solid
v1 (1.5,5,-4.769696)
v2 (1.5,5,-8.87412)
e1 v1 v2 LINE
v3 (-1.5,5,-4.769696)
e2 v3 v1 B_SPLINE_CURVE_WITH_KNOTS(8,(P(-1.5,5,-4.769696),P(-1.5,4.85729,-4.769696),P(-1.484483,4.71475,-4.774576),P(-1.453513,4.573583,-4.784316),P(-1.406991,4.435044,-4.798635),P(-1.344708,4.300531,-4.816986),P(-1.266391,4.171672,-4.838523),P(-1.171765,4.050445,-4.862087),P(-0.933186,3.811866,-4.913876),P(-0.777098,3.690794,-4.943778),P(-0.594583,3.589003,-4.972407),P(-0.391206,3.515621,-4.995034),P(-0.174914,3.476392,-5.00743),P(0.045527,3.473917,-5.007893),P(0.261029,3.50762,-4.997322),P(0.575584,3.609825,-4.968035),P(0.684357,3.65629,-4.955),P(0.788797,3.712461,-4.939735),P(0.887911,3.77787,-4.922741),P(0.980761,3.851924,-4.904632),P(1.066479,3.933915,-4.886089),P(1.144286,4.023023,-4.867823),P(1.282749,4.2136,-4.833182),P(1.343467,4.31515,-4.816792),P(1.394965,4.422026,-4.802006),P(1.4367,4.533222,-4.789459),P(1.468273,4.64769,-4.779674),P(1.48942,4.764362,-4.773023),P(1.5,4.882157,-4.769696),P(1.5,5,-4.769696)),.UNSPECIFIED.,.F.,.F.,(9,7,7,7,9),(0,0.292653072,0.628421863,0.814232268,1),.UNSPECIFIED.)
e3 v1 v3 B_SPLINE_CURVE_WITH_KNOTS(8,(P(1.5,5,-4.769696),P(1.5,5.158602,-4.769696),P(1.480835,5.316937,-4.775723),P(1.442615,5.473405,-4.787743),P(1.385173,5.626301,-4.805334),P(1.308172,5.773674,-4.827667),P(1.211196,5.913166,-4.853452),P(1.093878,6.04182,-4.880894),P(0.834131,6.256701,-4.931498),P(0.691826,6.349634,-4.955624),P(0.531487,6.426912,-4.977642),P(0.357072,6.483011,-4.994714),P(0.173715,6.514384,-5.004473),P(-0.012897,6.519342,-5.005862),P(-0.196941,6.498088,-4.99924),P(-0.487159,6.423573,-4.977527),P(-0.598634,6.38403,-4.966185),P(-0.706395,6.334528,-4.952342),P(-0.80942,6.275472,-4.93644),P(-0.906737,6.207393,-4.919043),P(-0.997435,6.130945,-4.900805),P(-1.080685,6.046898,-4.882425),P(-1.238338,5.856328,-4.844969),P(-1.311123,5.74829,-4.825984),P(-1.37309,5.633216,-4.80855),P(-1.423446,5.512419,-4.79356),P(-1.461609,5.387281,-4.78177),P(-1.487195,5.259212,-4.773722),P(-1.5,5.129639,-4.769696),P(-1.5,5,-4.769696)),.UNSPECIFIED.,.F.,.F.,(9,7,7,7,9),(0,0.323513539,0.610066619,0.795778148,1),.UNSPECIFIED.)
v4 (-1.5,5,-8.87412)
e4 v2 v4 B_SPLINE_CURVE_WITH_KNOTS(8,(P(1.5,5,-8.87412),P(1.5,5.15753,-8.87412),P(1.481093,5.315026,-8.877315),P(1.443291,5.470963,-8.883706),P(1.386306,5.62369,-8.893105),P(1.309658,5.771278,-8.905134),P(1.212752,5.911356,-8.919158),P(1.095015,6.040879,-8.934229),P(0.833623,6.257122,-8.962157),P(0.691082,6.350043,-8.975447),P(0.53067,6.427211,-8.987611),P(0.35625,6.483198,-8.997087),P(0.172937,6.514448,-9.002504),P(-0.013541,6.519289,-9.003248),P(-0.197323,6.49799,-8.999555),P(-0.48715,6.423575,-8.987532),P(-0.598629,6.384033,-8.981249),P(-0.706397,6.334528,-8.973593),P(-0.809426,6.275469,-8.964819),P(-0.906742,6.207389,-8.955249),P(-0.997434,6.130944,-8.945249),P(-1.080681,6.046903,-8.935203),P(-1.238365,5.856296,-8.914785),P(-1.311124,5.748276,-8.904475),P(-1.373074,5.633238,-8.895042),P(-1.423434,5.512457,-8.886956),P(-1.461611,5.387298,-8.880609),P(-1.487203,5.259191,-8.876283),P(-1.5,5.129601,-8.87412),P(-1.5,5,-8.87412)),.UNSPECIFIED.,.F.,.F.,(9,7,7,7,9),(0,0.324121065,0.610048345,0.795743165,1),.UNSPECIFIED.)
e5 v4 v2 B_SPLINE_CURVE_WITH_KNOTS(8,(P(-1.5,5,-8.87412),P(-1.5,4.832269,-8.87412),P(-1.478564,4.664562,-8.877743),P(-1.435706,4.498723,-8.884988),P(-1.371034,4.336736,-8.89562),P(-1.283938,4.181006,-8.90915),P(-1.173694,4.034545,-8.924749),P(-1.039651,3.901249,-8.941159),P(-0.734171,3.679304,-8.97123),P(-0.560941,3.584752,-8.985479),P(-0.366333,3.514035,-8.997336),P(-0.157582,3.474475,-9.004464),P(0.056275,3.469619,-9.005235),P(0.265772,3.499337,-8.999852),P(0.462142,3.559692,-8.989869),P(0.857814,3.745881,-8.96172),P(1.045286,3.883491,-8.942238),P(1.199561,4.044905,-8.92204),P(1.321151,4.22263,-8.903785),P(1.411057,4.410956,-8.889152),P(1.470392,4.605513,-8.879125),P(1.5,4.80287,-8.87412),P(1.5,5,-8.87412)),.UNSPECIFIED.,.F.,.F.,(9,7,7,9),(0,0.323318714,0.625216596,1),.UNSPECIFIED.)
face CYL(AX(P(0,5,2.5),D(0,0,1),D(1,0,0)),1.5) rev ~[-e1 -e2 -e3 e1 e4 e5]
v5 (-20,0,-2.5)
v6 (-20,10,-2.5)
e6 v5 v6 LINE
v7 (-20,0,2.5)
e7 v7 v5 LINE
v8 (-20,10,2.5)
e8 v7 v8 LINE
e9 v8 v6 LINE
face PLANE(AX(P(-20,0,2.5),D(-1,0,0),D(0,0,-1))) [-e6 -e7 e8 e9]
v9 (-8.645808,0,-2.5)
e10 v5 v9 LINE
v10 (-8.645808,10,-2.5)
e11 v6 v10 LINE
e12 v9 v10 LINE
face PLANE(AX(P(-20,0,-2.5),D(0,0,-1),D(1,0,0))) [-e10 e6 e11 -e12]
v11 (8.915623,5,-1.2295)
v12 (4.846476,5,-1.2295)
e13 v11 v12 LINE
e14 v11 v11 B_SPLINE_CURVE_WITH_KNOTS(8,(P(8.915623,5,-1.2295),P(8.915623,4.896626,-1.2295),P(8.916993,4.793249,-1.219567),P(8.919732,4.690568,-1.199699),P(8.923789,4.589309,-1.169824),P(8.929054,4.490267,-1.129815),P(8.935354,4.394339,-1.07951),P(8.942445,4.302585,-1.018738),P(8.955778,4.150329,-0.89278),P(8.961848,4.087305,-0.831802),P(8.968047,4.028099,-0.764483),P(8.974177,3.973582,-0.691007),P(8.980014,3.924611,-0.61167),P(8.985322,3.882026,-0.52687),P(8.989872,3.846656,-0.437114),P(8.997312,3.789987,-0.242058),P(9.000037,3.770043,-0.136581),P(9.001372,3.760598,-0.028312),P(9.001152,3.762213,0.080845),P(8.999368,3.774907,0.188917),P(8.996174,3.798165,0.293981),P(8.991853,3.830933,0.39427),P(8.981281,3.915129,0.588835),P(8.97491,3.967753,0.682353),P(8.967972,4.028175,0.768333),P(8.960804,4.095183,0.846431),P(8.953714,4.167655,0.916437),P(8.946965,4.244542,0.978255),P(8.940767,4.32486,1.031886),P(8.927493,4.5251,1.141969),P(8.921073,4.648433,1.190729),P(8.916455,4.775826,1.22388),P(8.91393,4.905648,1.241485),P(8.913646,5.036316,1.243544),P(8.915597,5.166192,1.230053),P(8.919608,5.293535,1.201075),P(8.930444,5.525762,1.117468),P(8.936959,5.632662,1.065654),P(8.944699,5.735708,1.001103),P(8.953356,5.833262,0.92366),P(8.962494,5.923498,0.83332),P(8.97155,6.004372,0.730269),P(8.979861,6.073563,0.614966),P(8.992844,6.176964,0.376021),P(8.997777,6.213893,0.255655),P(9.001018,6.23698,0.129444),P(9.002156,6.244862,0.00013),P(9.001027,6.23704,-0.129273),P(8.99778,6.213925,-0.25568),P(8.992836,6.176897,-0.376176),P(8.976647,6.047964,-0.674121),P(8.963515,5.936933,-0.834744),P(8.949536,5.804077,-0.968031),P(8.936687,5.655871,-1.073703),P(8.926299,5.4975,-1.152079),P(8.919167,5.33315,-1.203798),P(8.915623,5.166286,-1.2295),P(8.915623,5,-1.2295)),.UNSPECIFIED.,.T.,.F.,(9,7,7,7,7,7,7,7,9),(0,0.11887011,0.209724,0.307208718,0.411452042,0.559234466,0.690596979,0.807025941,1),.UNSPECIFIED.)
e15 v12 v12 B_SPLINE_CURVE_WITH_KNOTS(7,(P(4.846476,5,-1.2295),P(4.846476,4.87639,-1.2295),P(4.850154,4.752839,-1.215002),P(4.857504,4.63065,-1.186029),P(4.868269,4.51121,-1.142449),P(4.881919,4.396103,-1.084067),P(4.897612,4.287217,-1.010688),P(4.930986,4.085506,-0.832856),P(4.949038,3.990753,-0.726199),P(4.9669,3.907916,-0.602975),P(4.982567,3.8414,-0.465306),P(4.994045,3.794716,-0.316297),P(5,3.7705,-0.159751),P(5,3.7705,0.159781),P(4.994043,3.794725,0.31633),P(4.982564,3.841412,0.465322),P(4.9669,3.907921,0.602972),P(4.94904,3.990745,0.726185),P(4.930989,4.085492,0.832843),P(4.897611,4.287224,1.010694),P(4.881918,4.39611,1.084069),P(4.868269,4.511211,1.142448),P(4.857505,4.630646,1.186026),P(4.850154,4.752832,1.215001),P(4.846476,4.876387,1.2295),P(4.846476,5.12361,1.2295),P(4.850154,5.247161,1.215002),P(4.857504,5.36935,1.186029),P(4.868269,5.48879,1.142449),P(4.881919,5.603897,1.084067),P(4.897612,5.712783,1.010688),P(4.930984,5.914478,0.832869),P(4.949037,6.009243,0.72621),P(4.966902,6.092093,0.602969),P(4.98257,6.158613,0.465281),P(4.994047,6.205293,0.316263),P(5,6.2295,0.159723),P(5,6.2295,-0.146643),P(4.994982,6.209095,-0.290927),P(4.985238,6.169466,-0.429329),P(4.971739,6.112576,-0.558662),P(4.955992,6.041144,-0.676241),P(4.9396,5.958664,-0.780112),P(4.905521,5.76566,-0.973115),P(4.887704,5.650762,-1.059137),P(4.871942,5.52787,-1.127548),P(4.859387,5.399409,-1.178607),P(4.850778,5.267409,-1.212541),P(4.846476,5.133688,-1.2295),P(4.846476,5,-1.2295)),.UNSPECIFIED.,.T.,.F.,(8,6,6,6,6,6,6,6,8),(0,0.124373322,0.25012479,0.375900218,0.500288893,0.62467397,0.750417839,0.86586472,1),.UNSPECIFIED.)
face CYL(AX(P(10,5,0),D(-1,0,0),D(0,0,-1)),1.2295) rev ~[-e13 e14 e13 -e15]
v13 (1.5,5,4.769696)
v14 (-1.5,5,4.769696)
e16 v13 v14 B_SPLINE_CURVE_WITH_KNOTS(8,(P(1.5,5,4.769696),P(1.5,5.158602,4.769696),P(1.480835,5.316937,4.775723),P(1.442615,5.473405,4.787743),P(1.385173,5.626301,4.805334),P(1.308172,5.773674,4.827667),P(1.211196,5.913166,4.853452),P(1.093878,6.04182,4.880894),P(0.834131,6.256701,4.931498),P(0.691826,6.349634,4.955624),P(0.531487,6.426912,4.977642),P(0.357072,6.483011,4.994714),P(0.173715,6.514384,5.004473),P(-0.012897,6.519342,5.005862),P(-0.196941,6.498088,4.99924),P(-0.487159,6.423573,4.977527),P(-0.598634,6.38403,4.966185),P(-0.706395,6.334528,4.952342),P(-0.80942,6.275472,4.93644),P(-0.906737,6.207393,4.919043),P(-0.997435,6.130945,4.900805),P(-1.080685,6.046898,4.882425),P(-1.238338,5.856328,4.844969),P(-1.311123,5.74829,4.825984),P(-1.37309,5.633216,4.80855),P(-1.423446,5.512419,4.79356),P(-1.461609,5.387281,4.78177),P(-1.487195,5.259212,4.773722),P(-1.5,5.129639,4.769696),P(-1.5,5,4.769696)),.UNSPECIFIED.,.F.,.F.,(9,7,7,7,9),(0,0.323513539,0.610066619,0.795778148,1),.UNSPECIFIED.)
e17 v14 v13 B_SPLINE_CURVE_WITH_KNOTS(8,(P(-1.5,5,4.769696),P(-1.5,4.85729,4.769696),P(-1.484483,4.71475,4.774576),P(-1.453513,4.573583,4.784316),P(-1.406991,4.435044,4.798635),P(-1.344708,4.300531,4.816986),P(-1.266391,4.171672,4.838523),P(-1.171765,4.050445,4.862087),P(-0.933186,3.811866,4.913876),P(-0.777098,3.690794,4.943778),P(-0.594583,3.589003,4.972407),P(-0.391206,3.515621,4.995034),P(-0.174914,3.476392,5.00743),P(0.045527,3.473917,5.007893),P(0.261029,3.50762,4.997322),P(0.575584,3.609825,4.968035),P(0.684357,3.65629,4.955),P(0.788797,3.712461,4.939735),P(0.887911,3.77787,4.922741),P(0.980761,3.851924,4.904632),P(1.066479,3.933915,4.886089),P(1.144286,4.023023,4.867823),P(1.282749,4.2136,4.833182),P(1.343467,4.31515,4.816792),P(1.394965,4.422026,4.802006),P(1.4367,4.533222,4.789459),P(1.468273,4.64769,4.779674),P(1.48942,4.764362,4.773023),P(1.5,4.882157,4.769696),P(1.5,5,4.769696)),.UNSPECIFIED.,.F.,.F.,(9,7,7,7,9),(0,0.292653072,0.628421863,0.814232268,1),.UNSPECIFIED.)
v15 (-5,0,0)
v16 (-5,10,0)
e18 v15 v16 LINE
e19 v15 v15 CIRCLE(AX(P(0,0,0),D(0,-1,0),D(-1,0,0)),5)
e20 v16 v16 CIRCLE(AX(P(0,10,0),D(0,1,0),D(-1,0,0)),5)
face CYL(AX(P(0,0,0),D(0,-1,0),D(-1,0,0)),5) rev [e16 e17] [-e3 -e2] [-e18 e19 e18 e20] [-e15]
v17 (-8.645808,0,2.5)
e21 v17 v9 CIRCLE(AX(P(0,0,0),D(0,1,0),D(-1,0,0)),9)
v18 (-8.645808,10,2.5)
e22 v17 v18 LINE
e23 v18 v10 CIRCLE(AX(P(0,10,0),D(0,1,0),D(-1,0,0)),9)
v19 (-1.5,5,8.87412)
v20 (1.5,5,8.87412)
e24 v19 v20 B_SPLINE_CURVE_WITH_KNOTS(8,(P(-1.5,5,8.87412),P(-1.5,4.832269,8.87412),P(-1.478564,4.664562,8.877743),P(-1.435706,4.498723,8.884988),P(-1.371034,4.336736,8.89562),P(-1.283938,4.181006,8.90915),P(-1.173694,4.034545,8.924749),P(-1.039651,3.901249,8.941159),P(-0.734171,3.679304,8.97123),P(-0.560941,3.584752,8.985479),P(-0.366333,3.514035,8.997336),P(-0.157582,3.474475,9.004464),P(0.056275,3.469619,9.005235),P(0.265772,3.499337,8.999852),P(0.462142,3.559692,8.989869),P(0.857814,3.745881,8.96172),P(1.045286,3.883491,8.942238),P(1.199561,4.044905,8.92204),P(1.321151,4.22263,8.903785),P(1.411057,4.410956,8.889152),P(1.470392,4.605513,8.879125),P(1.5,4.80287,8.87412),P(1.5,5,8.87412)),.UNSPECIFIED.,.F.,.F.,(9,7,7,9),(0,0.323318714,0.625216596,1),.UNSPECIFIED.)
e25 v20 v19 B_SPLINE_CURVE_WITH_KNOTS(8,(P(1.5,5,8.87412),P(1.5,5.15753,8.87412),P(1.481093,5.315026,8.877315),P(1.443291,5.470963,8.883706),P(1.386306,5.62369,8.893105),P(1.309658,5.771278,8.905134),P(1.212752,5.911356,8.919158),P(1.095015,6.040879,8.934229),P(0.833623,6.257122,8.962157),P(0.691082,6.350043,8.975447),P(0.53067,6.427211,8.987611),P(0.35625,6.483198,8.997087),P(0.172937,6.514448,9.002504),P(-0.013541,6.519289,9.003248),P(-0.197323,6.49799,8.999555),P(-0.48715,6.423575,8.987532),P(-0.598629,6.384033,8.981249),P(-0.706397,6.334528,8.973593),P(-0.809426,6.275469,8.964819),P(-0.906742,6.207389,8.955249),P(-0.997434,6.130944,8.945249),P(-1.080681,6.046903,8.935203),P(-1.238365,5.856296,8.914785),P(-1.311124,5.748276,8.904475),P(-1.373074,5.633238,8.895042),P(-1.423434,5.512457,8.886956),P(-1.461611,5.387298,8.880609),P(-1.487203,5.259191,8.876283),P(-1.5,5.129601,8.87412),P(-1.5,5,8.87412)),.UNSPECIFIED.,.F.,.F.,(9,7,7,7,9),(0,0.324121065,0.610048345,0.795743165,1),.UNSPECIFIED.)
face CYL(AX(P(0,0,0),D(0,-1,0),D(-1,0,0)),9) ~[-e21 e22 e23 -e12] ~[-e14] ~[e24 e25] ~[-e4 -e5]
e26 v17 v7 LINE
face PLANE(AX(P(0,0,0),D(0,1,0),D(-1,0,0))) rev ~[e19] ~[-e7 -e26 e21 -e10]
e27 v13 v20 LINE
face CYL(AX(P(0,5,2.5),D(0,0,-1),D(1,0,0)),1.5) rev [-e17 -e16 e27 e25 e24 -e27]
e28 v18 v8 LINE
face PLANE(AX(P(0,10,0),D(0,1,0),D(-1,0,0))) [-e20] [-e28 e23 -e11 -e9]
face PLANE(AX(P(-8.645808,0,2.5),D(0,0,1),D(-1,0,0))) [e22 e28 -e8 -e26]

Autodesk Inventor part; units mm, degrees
ref_plane "YZ Plane" through (0, 0, 0) normal (1, 0, 0) x (0, 1, 0)
ref_plane "XZ Plane" through (0, 0, 0) normal (0, 1, 0) x (-1, 0, 0)
sketch "Эскиз1" plane through (0, 0, 0) normal (0, 1, 0) x (-1, 0, 0)
  circle A0 centre (0, 0) radius 5
  circle A1 centre (0, 0) radius 9
  line L0 (0, 0) -> (0, 2.5)
  line L1 (0, 2.5) -> (20, 2.5)
  line L2 (20, 2.5) -> (20, -2.5)
  line L3 (20, -2.5) -> (0, -2.5)
  point P0 (8.6458, 2.5)
  point P1 (8.6458, -2.5)
  dimension "d0" = 10
  dimension "d1" = 18
  dimension "d2" = 2.5
  dimension "d3" = 20
  dimension "d4" = 5
extrude "Выдавливание1" add sketch "Эскиз1" along normal blind 10 contours A0 L1 A1 L3 | A0 L3 A1 L1 | L1 L2 L3 A1
sketch "Эскиз2" plane through (-20, 0, 2.5) normal (0, 0, 1) x (1, 0, 0)
  line L0 (0, 0) -> (0, 10) projected
  line L1 (0, 5) -> (20, 5)
  circle A0 centre (20, 5) radius 1.5
  point P0 (20, 0)
  dimension "d7" = 3
extrude "Выдавливание2" cut sketch "Эскиз2" along normal mid plane 35.5
thread "Резьба1" size "M3x0.5" class "6H" standard "ISO Metric profile" full length
ref_plane "РабПлоскость1" through (10, 0, -2.5) normal (-1, 0, 0) x (0, 0, 1)
sketch "Эскиз3" plane through (0, 0, 0) normal (0, -1, 0) x (1, 0, 0)
  point P0 (0, 0)
sketch "Эскиз4" plane through (10, 0, -2.5) normal (-1, 0, 0) x (0, 0, 1)
  line L0 (2.5, 0) -> (2.5, 5)
  circle A0 centre (2.5, 5) radius 1.5
  dimension "d13" = 3
hole "Отверстие1" at (10, 5, 0) direction (-1, 0, 0) diameter 2.459 depth 8.8 thread size "M3x0.5" class "6H" standard "ISO Metric profile"
properties part number "Стопор"
